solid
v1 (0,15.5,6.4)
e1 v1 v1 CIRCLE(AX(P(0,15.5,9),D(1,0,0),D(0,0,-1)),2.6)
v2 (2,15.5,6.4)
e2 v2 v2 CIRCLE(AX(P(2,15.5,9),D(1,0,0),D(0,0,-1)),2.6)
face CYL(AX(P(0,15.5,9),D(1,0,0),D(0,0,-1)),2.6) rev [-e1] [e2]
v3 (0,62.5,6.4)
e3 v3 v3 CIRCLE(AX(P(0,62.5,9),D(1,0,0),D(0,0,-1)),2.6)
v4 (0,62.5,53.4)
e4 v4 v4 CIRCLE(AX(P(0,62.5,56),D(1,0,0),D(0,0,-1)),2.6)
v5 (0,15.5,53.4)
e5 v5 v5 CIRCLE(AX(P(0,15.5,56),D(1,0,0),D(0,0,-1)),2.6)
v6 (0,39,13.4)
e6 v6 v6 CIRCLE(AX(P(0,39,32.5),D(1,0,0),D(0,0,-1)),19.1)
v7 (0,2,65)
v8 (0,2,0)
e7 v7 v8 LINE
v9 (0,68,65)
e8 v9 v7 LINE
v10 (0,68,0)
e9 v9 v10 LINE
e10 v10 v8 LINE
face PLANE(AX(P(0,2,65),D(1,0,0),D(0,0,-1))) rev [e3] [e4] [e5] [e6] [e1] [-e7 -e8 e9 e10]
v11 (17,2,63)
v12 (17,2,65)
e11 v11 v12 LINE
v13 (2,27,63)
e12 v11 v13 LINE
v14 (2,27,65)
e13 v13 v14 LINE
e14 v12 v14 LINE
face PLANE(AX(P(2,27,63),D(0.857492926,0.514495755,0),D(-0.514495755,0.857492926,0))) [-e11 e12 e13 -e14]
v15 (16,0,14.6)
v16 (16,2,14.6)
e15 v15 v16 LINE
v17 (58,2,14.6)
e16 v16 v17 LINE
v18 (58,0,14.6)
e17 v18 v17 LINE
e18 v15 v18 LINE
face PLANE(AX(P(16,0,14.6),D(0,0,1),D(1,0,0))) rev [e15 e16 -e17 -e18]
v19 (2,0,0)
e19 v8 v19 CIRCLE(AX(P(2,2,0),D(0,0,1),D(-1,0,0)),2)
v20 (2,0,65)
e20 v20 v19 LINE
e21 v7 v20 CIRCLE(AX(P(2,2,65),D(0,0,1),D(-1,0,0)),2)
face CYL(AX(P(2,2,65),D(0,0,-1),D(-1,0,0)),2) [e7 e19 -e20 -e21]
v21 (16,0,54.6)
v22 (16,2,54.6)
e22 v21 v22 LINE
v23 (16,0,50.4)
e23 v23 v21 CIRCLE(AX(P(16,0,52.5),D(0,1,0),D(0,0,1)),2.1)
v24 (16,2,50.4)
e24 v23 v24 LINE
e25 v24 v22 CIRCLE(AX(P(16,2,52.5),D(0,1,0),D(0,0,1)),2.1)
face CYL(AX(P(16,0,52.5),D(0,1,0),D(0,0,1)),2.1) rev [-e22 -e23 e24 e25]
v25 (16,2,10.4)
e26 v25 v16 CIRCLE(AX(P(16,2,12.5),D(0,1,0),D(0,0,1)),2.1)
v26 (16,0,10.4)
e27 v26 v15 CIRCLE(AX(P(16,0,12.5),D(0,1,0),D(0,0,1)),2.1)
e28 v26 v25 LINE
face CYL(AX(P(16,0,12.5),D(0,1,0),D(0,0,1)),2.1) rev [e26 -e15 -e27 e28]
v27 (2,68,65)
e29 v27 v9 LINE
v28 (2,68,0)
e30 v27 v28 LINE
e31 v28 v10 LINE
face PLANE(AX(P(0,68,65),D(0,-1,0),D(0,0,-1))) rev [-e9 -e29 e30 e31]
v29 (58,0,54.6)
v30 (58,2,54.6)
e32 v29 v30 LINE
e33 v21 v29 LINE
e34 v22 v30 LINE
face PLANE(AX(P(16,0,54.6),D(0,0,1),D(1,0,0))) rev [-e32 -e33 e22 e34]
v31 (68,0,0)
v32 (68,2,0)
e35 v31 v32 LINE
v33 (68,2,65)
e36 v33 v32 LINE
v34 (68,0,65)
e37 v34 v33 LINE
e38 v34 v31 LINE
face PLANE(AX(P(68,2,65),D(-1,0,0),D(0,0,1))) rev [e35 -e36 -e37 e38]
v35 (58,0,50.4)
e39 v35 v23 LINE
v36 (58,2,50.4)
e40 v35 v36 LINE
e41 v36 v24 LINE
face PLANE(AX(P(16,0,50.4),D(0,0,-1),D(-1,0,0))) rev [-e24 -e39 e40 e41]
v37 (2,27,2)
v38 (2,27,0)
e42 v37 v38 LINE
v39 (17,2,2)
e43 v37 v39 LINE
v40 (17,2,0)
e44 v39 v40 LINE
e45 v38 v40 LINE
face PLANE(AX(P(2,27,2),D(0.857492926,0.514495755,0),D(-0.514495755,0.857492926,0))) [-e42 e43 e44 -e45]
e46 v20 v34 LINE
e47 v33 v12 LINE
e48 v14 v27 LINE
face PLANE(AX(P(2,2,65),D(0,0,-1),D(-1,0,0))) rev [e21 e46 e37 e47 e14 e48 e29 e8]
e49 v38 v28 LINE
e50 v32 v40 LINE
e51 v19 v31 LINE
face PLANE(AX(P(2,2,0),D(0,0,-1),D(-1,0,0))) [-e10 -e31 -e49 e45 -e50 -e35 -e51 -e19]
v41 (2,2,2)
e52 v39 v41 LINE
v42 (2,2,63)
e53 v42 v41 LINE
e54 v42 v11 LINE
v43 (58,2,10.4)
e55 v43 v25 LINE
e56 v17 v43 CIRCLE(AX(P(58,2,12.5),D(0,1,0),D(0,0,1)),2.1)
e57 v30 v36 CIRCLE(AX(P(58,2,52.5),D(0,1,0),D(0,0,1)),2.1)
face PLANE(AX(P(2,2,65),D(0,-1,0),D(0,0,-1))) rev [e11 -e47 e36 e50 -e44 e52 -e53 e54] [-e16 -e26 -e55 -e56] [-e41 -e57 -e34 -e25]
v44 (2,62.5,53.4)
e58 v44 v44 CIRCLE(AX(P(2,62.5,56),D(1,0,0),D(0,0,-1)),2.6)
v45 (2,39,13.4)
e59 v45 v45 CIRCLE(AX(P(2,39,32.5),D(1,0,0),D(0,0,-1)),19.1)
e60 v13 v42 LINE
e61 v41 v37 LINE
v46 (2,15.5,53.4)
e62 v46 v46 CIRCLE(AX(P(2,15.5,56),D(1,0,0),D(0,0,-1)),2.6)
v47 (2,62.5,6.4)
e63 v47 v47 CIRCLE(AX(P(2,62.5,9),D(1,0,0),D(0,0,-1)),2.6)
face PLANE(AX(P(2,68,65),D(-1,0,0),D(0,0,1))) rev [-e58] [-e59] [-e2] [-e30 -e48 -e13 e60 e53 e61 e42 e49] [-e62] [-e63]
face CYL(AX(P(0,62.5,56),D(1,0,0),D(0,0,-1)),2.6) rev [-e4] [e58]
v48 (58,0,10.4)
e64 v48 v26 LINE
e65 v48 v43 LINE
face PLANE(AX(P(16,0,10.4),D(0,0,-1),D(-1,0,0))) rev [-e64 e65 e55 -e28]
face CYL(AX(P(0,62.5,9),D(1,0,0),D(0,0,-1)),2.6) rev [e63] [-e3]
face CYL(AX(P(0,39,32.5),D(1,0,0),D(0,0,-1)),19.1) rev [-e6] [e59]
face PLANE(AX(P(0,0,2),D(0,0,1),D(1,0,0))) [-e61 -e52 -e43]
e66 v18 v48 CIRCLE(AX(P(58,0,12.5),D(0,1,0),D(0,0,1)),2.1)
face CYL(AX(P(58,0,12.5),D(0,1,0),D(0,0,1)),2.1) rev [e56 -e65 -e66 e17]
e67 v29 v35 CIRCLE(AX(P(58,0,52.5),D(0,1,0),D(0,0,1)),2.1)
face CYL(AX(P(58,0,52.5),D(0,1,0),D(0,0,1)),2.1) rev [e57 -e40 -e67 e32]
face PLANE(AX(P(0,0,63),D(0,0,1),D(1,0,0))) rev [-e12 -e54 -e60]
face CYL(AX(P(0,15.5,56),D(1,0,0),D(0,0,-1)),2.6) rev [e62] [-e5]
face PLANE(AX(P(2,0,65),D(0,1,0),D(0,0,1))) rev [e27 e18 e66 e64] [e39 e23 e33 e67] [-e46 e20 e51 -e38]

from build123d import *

# Parameters (mm, degrees)
EXTRUDE_1_DEPTH     = 65
SKETCH_2_R          = 19.1
SKETCH_2_R_2        = 2.6
CUT_EXTRUDE_1_DEPTH = 3
CUT_EXTRUDE_2_DEPTH = 3
EXTRUDE_2_DEPTH     = 2
EXTRUDE_3_DEPTH     = 2


with BuildPart() as part:
    # Эскиз1 → Бобышка-Вытянуть1 (new body)
    with BuildSketch(Plane.XY):
        with BuildLine():
            Line((2, 0), (68, 0))
            Line((68, 0), (68, 2))
            Line((68, 2), (2, 2))
            Line((2, 2), (2, 68))
            Line((2, 68), (0, 68))
            Line((0, 68), (0, 2))
            ThreePointArc((0, 2), (0.585786438, 0.585786438), (2, 0))
        make_face()
    extrude(amount=EXTRUDE_1_DEPTH)

    # Эскиз2 → Вырез-Вытянуть1 (cut, through all)
    with BuildSketch(Plane(origin=(2, 0, 0), x_dir=(0, 0, -1), z_dir=(1, 0, 0))):
        with Locations((-32.5, 39)):
            Circle(SKETCH_2_R)
        with Locations((-9, 62.5)):
            Circle(SKETCH_2_R_2)
        with Locations((-9, 15.5)):
            Circle(SKETCH_2_R_2)
        with Locations((-56, 15.5)):
            Circle(SKETCH_2_R_2)
        with Locations((-56, 62.5)):
            Circle(SKETCH_2_R_2)
    extrude(amount=-CUT_EXTRUDE_1_DEPTH, mode=Mode.SUBTRACT)

    # Эскиз3 → Вырез-Вытянуть2 (cut, through all)
    with BuildSketch(Plane(origin=(0, 2, 0), x_dir=(1, 0, 0), z_dir=(0, 1, 0))):
        with BuildLine():
            Line((16, -10.4), (58, -10.4))
            ThreePointArc((58, -10.4), (60.1, -12.5), (58, -14.6))
            Line((58, -14.6), (16, -14.6))
            ThreePointArc((16, -14.6), (13.9, -12.5), (16, -10.4))
        make_face()
        with BuildLine():
            Line((16, -50.4), (58, -50.4))
            ThreePointArc((58, -50.4), (60.1, -52.5), (58, -54.6))
            Line((58, -54.6), (16, -54.6))
            ThreePointArc((16, -54.6), (13.9, -52.5), (16, -50.4))
        make_face()
    extrude(amount=-CUT_EXTRUDE_2_DEPTH, mode=Mode.SUBTRACT)

    # Эскиз4 → Бобышка-Вытянуть2 (add)
    with BuildSketch(Plane.XY.offset(65)):
        Polygon((2, 27), (17, 2), (2, 2), align=None)
    extrude(amount=-EXTRUDE_2_DEPTH)

    # Эскиз5 → Бобышка-Вытянуть3 (add)
    with BuildSketch(Plane(origin=(0, 0, 0), x_dir=(-1, 0, 0), z_dir=(0, 0, -1))):
        Polygon((-2, 27), (-17, 2), (-2, 2), align=None)
    extrude(amount=-EXTRUDE_3_DEPTH)


solid = part.part
